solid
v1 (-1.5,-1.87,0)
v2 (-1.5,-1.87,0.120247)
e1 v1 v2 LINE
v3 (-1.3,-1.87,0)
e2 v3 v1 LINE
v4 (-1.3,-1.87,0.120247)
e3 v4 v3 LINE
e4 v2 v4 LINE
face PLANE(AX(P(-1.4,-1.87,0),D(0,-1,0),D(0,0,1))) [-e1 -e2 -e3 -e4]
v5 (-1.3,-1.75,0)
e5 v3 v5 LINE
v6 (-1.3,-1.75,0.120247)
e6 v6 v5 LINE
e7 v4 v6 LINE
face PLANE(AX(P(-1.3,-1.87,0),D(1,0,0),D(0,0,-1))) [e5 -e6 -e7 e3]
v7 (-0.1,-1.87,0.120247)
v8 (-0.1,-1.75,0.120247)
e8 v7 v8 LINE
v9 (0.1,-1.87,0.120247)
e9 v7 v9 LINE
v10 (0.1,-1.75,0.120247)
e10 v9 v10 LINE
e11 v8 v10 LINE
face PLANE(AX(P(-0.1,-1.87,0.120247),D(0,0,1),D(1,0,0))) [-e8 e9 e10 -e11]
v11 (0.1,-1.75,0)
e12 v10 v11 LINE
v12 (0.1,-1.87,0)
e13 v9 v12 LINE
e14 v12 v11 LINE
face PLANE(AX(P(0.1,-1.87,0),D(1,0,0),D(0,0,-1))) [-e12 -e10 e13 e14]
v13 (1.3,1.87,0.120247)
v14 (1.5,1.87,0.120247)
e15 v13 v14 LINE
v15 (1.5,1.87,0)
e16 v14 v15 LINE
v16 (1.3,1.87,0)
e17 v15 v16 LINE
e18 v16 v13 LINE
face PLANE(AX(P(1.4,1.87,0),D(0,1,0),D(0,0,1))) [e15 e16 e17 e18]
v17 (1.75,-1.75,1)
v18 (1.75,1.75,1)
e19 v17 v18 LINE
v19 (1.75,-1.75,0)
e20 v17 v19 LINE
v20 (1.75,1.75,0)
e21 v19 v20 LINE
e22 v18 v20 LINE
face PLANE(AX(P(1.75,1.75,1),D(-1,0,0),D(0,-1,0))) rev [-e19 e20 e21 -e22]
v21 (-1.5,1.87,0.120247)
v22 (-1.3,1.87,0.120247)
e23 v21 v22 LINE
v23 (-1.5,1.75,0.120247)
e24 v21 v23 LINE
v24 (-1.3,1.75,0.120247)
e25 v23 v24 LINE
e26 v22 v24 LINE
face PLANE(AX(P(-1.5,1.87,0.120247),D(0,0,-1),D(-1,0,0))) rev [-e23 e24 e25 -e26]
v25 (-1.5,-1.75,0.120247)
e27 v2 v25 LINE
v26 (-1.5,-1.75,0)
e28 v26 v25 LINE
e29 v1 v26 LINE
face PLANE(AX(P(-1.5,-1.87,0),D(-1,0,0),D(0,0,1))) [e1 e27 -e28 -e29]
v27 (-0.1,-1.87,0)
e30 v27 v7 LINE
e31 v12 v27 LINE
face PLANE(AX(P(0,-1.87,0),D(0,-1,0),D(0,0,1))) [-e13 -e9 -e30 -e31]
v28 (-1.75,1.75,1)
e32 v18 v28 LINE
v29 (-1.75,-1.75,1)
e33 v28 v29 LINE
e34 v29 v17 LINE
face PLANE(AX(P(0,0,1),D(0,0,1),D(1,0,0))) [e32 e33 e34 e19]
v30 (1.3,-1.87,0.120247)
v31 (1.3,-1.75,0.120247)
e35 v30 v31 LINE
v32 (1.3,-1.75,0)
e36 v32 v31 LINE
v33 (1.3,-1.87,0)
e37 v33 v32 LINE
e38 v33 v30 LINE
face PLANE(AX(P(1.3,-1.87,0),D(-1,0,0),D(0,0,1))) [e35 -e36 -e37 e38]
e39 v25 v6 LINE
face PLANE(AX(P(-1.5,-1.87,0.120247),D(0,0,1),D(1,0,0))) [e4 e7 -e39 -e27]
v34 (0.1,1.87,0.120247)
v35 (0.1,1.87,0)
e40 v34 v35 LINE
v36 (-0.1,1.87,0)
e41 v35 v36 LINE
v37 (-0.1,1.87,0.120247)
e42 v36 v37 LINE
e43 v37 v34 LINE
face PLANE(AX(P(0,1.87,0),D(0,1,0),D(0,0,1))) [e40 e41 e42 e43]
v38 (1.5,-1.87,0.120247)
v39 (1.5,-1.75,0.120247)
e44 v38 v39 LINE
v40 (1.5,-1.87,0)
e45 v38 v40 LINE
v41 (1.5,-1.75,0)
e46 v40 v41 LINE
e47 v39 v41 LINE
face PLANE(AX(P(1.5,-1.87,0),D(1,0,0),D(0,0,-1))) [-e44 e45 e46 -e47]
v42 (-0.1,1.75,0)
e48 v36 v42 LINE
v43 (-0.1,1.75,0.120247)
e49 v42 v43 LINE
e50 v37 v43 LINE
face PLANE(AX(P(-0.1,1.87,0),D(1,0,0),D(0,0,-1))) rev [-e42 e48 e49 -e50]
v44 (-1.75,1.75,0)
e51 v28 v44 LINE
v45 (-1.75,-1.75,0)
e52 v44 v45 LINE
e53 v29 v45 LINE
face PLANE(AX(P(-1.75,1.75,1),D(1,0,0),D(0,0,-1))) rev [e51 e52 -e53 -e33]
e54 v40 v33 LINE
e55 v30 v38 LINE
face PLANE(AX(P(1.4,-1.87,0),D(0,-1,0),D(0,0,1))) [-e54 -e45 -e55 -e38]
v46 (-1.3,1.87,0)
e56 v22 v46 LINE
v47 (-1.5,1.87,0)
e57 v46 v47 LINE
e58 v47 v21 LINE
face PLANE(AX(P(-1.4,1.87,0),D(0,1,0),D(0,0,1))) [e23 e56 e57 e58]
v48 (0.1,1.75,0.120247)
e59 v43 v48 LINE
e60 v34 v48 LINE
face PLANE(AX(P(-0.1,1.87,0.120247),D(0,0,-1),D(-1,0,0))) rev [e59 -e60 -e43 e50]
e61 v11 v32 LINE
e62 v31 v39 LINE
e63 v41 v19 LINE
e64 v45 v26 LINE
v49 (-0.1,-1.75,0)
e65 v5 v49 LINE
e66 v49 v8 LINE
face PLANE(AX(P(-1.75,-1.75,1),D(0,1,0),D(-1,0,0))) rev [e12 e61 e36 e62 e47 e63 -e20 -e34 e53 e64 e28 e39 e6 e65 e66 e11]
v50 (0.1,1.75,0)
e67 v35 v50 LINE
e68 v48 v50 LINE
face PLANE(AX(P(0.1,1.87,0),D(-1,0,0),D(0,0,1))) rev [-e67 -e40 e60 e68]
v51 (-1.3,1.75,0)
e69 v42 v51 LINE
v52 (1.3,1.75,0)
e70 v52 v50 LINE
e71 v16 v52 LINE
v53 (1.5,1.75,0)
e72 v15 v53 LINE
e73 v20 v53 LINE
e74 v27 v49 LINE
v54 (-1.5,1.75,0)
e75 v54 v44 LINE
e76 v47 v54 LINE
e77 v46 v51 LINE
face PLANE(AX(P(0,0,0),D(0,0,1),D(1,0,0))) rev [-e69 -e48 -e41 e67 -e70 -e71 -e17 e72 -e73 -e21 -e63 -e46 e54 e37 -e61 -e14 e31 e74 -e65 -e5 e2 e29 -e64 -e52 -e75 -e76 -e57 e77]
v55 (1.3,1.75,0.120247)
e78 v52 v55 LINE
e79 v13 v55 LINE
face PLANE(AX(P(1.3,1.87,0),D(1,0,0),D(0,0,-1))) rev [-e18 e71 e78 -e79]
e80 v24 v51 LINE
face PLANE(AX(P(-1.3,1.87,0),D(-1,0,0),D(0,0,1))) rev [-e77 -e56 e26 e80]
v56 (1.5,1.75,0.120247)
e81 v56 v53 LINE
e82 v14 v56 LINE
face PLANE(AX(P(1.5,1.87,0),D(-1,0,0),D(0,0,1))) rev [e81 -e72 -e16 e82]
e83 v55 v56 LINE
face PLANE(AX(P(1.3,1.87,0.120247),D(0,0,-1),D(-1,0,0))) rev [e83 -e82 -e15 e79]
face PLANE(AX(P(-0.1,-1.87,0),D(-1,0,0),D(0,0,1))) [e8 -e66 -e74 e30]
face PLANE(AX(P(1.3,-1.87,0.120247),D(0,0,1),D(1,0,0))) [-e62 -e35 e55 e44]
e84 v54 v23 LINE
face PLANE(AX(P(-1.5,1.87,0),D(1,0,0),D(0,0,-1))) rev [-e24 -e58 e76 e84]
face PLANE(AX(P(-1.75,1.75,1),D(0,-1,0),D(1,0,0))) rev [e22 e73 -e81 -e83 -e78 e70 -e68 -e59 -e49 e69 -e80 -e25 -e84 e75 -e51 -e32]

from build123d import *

# Parameters (mm, degrees)
ESQUISSE1_W                = 3.5
ESQUISSE1_H                = 3.5
BOSS_EXTRU_1_DEPTH         = 1
ESQUISSE2_W                = 0.2
ESQUISSE2_H                = 0.120247062
BOSS_EXTRU_2_DEPTH         = 0.12
R_P_TITION_LIN_AIRE1_COUNT = 2
R_P_TITION_LIN_AIRE1_PITCH = 1.4
R_P_TITION_LIN_AIRE2_COUNT = 2
R_P_TITION_LIN_AIRE2_PITCH = 1.4
SYM_TRIE1_COPY_1_SKETCH_W  = 0.2
SYM_TRIE1_COPY_1_SKETCH_H  = 0.120247062
SYM_TRIE1_COPY_1_DEPTH     = 0.12
SYM_TRIE1_COPY_2_SKETCH_W  = 0.2
SYM_TRIE1_COPY_2_SKETCH_H  = 0.120247062
SYM_TRIE1_COPY_2_DEPTH     = 0.12


with BuildPart() as part:
    # Esquisse1 → Boss.-Extru.1 (new body)
    with BuildSketch(Plane.XY):
        Rectangle(ESQUISSE1_W, ESQUISSE1_H)
    extrude(amount=BOSS_EXTRU_1_DEPTH)

    # Esquisse2 → Boss.-Extru.2 (add)
    with BuildSketch(Plane(origin=(0, 1.75, 0), x_dir=(1, 0, 0), z_dir=(0, 1, 0))):
        with Locations((0, -0.060123531)):
            Rectangle(ESQUISSE2_W, ESQUISSE2_H)
    boss_extru_2 = extrude(amount=BOSS_EXTRU_2_DEPTH)

    # Répétition linéaire1: Boss.-Extru.2 ×2
    with Locations(*[(-i * R_P_TITION_LIN_AIRE1_PITCH, 0, 0) for i in range(1, R_P_TITION_LIN_AIRE1_COUNT)]):
        add(boss_extru_2)

    # Répétition linéaire2: Boss.-Extru.2 ×2
    with Locations(*[(i * R_P_TITION_LIN_AIRE2_PITCH, 0, 0) for i in range(1, R_P_TITION_LIN_AIRE2_COUNT)]):
        add(boss_extru_2)

    # Symétrie1: Boss.-Extru.2 across plane
    add(boss_extru_2.mirror(Plane.ZX))

    # Symétrie1 copy 1 sketch → Symétrie1 copy 1 (add)
    with BuildSketch(Plane(origin=(1.4, -1.75, 0), x_dir=(1, 0, 0), z_dir=(0, -1, 0))):
        with Locations((0, 0.060123531)):
            Rectangle(SYM_TRIE1_COPY_1_SKETCH_W, SYM_TRIE1_COPY_1_SKETCH_H)
    extrude(amount=SYM_TRIE1_COPY_1_DEPTH)

    # Symétrie1 copy 2 sketch → Symétrie1 copy 2 (add)
    with BuildSketch(Plane(origin=(-1.4, -1.75, 0), x_dir=(1, 0, 0), z_dir=(0, -1, 0))):
        with Locations((0, 0.060123531)):
            Rectangle(SYM_TRIE1_COPY_2_SKETCH_W, SYM_TRIE1_COPY_2_SKETCH_H)
    extrude(amount=SYM_TRIE1_COPY_2_DEPTH)


solid = part.part
